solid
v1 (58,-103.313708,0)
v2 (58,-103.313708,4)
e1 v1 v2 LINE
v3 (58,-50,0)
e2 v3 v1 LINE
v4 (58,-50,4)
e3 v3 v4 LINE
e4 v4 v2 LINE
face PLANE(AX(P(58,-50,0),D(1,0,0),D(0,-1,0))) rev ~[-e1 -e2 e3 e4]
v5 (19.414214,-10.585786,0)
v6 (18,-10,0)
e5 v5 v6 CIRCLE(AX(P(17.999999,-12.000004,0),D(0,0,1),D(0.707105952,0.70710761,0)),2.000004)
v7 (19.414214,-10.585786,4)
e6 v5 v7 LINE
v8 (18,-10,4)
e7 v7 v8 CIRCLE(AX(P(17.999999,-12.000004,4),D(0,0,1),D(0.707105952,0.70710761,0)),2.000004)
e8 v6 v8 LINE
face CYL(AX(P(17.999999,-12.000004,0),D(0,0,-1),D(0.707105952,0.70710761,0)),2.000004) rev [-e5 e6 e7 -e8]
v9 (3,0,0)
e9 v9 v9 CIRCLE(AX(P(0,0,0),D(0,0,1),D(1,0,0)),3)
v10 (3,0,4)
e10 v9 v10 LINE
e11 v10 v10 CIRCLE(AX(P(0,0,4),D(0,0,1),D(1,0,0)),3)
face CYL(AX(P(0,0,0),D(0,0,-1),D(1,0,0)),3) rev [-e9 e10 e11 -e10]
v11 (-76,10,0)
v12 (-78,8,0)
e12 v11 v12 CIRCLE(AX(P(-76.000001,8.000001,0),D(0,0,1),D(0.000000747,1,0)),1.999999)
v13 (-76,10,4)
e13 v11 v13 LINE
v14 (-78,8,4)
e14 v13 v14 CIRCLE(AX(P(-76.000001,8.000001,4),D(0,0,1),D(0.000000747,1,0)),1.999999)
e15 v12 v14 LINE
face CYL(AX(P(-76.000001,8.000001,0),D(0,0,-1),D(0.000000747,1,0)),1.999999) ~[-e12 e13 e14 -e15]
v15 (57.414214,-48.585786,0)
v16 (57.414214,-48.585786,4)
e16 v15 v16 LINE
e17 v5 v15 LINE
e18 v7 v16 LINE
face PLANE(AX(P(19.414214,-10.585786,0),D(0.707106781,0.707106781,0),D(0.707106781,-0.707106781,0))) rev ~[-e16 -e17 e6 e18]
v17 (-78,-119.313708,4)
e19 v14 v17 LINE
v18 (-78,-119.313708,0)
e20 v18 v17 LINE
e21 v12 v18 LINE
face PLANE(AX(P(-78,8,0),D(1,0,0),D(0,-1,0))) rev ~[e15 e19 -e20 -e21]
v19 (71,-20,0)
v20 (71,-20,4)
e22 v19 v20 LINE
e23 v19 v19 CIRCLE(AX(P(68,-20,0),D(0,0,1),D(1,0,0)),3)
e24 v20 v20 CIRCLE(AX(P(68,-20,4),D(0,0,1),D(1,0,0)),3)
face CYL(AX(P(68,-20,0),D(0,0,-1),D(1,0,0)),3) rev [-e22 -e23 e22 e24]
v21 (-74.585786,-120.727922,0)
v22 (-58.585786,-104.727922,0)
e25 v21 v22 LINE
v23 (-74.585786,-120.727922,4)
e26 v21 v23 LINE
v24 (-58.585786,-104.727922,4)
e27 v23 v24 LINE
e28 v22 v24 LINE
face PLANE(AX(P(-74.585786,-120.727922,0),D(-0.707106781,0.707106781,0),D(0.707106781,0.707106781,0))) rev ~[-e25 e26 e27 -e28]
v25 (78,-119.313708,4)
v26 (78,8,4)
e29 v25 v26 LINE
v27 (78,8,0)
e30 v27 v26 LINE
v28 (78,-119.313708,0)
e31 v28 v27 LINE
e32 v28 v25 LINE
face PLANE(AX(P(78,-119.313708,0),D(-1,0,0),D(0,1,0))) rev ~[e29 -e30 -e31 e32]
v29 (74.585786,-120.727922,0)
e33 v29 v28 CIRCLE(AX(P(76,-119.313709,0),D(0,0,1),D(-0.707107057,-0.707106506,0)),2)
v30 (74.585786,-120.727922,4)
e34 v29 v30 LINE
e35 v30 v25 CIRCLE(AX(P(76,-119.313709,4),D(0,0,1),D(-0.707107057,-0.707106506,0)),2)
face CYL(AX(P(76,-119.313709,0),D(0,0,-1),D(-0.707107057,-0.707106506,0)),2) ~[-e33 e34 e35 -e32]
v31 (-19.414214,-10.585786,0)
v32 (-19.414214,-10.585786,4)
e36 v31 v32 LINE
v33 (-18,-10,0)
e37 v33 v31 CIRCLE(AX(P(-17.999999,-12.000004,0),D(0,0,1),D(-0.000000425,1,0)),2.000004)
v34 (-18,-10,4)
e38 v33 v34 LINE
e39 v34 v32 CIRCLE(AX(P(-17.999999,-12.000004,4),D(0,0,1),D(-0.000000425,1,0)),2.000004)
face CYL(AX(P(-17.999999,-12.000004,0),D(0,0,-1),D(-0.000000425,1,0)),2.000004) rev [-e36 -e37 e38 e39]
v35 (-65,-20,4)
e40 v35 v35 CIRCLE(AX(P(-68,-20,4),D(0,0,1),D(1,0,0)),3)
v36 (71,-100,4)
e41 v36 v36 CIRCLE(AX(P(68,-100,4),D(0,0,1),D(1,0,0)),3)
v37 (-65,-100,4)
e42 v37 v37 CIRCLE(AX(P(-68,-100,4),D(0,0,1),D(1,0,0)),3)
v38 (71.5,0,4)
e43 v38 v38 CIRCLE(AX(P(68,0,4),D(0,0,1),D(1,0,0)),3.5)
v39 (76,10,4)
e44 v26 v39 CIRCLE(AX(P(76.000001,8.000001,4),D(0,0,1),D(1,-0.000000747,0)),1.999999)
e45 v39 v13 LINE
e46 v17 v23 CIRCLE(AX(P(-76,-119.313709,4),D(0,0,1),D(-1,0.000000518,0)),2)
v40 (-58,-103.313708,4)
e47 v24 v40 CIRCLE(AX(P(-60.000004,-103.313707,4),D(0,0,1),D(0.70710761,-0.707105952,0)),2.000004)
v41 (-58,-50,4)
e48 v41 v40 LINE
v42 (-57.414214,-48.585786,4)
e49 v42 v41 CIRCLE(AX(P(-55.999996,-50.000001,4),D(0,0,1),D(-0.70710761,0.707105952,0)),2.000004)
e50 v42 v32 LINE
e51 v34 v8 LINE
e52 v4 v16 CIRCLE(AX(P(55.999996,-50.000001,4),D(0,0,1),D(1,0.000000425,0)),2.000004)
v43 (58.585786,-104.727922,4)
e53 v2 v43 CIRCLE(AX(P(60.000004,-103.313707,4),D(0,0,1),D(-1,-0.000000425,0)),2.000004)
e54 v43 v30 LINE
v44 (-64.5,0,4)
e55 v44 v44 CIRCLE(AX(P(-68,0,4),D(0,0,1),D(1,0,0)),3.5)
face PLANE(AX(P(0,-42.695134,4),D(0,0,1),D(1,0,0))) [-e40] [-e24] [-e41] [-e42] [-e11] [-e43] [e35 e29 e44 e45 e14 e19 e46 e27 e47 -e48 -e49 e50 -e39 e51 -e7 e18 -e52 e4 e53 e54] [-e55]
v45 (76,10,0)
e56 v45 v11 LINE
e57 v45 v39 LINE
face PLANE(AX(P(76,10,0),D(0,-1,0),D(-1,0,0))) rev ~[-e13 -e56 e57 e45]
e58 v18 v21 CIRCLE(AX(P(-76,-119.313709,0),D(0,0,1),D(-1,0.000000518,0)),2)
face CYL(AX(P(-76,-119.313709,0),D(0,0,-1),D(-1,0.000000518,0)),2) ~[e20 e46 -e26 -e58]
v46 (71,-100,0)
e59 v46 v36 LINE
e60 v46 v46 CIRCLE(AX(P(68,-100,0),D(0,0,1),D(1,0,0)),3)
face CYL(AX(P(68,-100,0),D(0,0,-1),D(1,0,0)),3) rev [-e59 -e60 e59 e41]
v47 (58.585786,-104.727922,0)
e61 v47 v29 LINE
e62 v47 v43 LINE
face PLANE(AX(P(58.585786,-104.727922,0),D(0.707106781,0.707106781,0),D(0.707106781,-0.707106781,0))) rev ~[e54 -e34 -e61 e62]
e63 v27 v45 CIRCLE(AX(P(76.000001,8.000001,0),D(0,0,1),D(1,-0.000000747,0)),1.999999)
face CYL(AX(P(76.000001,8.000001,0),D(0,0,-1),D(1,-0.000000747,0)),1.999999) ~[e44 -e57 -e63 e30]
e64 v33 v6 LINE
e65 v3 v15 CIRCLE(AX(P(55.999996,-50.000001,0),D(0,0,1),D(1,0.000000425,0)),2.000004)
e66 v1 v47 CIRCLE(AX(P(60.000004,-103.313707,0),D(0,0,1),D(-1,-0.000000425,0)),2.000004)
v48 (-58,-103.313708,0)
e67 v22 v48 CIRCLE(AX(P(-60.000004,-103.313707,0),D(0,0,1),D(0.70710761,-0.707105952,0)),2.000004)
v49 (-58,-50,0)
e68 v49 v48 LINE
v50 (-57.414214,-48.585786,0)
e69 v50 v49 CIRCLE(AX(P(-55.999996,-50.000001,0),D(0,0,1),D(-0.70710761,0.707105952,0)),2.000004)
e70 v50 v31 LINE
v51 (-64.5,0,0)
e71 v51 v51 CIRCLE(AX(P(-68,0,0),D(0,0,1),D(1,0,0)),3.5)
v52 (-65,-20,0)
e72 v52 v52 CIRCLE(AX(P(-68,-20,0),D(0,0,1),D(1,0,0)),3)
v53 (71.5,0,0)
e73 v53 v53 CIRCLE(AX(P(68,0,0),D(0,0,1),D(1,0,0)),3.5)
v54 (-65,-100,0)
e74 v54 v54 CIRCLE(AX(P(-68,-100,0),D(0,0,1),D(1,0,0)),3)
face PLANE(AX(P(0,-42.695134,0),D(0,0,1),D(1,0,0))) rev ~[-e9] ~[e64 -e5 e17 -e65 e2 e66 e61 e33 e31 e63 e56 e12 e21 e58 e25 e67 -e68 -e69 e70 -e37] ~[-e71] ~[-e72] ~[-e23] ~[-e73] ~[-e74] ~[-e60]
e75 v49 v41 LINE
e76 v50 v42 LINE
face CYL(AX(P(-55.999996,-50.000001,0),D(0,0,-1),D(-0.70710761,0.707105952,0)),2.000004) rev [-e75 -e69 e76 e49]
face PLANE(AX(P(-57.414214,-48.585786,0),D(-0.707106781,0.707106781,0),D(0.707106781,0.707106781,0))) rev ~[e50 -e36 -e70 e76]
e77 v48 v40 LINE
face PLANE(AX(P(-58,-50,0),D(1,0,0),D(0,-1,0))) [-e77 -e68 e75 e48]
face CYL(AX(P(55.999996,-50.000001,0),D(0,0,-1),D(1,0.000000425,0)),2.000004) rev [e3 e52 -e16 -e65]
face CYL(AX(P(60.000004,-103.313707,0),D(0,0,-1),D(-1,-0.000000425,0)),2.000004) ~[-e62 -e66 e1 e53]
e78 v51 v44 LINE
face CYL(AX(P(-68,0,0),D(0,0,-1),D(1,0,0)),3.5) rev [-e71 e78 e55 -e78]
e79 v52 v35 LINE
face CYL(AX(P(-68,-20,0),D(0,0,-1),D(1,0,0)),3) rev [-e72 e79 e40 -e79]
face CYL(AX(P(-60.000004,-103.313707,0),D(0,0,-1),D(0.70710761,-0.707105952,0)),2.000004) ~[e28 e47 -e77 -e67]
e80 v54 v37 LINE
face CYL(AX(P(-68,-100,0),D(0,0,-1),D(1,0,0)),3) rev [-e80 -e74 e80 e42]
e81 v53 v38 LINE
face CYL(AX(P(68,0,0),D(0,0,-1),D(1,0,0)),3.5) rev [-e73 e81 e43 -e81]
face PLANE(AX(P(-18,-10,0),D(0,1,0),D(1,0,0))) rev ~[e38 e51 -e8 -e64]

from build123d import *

# Parameters (mm, degrees)
SKETCH_R   = 3.5
SKETCH_R_2 = 3
PAD_DEPTH  = 4


with BuildPart() as part:
    # Sketch → Pad (new body)
    with BuildSketch(Plane.XY):
        with BuildLine():
            Line((-78, 8), (-78, -119.313708))
            ThreePointArc((-78, -119.313708), (-76.765367, -121.161468), (-74.585786, -120.727922))
            Line((-74.585786, -120.727922), (-58.585786, -104.727922))
            ThreePointArc((-58.585786, -104.727922), (-58.152241, -104.079075), (-58, -103.313708))
            Line((-58, -50), (-58, -103.313708))
            ThreePointArc((-57.414214, -48.585786), (-57.847759, -49.234633), (-58, -50))
            Line((-57.414214, -48.585786), (-19.414214, -10.585786))
            ThreePointArc((-18, -10), (-18.765367, -10.152241), (-19.414214, -10.585786))
            Line((-18, -10), (18, -10))
            ThreePointArc((19.414214, -10.585786), (18.765367, -10.152241), (18, -10))
            Line((19.414214, -10.585786), (57.414214, -48.585786))
            ThreePointArc((58, -50), (57.847759, -49.234633), (57.414214, -48.585786))
            Line((58, -50), (58, -103.313708))
            ThreePointArc((58, -103.313708), (58.152241, -104.079075), (58.585786, -104.727922))
            Line((58.585786, -104.727922), (74.585786, -120.727922))
            ThreePointArc((74.585786, -120.727922), (76.765367, -121.161468), (78, -119.313708))
            Line((78, -119.313708), (78, 8))
            ThreePointArc((78, 8), (77.414214, 9.414214), (76, 10))
            Line((76, 10), (-76, 10))
            ThreePointArc((-76, 10), (-77.414214, 9.414214), (-78, 8))
        make_face()
        with Locations((-68, 0)):
            Circle(SKETCH_R, mode=Mode.SUBTRACT)
        with Locations((68, 0)):
            Circle(SKETCH_R, mode=Mode.SUBTRACT)
        with Locations((-68, -20)):
            Circle(SKETCH_R_2, mode=Mode.SUBTRACT)
        with Locations((-68, -100)):
            Circle(SKETCH_R_2, mode=Mode.SUBTRACT)
        with Locations((68, -20)):
            Circle(SKETCH_R_2, mode=Mode.SUBTRACT)
        with Locations((68, -100)):
            Circle(SKETCH_R_2, mode=Mode.SUBTRACT)
        Circle(SKETCH_R_2, mode=Mode.SUBTRACT)
    extrude(amount=PAD_DEPTH)


solid = part.part
